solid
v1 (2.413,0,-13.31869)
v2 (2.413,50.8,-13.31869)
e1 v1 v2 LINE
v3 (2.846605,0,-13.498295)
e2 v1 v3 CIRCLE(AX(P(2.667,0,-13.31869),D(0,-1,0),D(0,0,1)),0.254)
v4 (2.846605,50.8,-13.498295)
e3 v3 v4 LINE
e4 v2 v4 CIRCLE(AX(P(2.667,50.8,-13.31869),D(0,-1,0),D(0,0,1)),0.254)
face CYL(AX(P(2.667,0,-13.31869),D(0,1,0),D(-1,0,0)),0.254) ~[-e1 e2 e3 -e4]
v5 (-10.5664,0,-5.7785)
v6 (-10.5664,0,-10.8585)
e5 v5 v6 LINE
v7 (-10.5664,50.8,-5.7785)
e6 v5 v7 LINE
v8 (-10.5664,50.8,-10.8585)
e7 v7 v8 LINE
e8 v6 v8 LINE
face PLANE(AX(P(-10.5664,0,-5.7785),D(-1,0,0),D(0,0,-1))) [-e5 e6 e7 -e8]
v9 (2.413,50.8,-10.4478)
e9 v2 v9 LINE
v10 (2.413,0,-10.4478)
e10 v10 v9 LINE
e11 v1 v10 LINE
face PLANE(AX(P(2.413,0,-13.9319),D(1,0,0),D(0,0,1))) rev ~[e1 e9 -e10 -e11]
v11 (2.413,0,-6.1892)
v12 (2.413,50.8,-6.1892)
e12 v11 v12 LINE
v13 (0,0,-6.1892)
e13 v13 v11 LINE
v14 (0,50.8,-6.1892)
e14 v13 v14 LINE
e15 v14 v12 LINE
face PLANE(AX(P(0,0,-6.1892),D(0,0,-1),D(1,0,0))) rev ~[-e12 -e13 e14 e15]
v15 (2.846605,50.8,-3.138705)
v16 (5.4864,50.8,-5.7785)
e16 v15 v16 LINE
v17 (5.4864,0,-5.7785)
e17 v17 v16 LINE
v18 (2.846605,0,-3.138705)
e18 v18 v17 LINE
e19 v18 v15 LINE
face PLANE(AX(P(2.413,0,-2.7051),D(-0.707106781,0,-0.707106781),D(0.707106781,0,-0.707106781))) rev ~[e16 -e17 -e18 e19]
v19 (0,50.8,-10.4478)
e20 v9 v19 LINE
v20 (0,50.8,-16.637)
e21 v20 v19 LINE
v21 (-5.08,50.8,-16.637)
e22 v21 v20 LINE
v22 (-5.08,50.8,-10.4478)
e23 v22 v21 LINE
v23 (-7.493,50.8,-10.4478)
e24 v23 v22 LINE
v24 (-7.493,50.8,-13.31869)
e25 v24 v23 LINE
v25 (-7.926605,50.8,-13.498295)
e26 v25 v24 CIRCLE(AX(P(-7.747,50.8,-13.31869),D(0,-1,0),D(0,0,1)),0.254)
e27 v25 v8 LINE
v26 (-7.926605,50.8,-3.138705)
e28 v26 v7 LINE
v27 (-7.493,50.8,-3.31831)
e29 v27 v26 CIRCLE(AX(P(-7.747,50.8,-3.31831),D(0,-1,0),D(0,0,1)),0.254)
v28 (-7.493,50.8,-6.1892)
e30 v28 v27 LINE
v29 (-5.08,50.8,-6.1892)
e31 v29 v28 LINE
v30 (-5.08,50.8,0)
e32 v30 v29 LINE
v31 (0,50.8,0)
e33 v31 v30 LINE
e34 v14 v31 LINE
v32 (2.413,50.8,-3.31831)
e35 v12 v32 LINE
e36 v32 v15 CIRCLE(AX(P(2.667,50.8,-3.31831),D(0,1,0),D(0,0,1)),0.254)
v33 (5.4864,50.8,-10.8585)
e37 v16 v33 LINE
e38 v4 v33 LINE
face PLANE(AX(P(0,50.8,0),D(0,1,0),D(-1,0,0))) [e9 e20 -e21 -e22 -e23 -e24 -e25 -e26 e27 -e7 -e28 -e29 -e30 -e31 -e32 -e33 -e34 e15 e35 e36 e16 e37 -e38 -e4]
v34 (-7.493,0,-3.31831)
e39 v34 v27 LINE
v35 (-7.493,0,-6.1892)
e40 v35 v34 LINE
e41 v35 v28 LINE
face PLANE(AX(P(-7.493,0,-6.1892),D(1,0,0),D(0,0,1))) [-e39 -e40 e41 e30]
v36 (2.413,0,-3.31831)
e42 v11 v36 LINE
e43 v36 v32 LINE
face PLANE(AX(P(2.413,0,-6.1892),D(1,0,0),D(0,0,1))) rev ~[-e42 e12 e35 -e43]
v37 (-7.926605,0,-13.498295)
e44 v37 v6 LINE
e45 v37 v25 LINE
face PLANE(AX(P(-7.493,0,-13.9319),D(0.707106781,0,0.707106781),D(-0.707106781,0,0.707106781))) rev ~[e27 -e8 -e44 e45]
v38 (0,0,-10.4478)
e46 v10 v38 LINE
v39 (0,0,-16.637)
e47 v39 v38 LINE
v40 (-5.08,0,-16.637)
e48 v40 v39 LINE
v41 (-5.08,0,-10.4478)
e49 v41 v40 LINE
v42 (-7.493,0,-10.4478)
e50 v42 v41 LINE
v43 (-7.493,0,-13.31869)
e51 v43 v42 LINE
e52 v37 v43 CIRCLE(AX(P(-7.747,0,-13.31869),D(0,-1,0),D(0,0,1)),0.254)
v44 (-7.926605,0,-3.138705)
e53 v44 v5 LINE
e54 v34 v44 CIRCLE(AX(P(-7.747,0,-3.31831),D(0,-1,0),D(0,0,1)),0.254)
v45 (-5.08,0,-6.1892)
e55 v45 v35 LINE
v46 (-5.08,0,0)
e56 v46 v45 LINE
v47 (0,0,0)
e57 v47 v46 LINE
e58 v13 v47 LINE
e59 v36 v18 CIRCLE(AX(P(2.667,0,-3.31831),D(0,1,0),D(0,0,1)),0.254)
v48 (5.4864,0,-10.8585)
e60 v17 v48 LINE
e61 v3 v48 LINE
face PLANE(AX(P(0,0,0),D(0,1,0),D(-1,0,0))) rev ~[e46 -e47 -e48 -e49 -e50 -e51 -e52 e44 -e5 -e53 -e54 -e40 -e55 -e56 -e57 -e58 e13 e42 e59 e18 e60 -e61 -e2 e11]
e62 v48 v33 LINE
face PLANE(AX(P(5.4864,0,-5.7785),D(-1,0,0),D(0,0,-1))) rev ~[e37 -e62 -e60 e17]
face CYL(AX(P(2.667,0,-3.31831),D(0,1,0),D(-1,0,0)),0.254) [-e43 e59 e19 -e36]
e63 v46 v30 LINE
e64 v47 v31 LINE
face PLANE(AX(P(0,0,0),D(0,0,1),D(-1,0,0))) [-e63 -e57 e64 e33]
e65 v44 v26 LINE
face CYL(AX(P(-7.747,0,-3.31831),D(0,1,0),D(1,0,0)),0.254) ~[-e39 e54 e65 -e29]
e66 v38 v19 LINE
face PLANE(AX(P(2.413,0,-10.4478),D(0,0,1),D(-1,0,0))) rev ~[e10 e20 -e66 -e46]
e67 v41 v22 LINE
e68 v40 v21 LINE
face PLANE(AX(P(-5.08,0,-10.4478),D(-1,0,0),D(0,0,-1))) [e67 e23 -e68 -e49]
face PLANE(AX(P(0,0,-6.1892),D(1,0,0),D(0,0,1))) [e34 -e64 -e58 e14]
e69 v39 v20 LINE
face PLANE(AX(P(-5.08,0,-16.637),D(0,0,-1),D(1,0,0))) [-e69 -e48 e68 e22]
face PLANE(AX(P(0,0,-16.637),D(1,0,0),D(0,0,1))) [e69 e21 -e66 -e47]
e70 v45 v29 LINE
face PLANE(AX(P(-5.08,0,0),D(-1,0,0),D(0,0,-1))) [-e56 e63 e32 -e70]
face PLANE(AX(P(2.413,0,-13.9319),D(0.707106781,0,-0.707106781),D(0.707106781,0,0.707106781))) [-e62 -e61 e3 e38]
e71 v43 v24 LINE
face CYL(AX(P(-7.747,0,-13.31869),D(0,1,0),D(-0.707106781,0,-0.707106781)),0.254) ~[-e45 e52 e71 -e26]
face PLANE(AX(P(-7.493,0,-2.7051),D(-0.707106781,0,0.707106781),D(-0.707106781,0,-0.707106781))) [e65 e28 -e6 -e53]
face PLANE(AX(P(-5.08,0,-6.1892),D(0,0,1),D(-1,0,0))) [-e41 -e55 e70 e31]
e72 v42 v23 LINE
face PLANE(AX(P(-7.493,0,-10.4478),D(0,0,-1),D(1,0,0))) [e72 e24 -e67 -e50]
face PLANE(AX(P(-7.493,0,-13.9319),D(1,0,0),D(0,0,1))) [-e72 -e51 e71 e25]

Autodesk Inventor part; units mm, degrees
ref_plane "YZ Plane" through (0, 0, 0) normal (1, 0, 0) x (0, 1, 0)
ref_plane "XZ Plane" through (0, 0, 0) normal (0, 1, 0) x (-1, 0, 0)
ref_plane "XY Plane" through (0, 0, 0) normal (0, 0, 1) x (1, 0, 0)
sketch "Sketch1" plane through (0, 0, 0) normal (0, 1, 0) x (-1, 0, 0)
  line L0 (0, 0) -> (5.08, 0)
  line L1 (5.08, 0) -> (5.08, -16.637)
  line L2 (5.08, -16.637) -> (0, -16.637)
  line L3 (0, -16.637) -> (0, 0)
  line L4 (0, -6.1892) -> (7.493, -6.1892)
  line L5 (7.493, -6.1892) -> (7.493, -10.4478)
  line L6 (7.493, -10.4478) -> (0, -10.4478)
  line L7 (10.5664, -5.7785) -> (10.5664, -10.8585)
  line L8 (7.493, -13.9319) -> (7.493, -2.7051)
  line L9 (7.493, -13.9319) -> (10.5664, -10.8585)
  line L10 (7.493, -2.7051) -> (10.5664, -5.7785)
  line L11 (0, -6.1892) -> (-2.413, -6.1892)
  line L12 (-2.413, -10.4478) -> (0, -10.4478)
  line L13 (-5.4864, -5.7785) -> (-5.4864, -10.8585)
  line L14 (-2.413, -13.9319) -> (-2.413, -2.7051)
  line L15 (-2.413, -13.9319) -> (-5.4864, -10.8585)
  line L16 (-2.413, -2.7051) -> (-5.4864, -5.7785)
  point P0 (-4.9276, -6.1892)
  dimension "d0" = 5.08
  dimension "d1" = 16.637
  dimension "d2" = 2.413
  dimension "d9" = 3.0734
  dimension "d12" = 0
  dimension "d16" = 11.2268
  dimension "d20" = 135
  dimension "d21" = 135
  dimension "d24" = 6.1893
  dimension "d25" = 16.637
  dimension "d26" = 3.4842
  dimension "d33" = 3.4842
  dimension "d34" = 3.0734
  dimension "d35" = 2.413
  dimension "d36" = 6.1893
  dimension "d37" = 5.08
  dimension "d38" = 5.08
  dimension "d39" = 135
  dimension "d40" = 135
extrude "Extrusion2" add sketch "Sketch1" along normal blind 50.8
fillet "Fillet1" radius 0.254 4 edges at (2.413, 25.4, -13.9319) (-7.493, 25.4, -13.9319) (2.413, 25.4, -2.7051) (-7.493, 25.4, -2.7051)
equation "\"d16\" = d15"
equation "\"d21\" = d20"
equation "\"d24\" = -0.5 * d4 + 0.5 * d25"
equation "\"d15\" = 11.2268"
equation "\"d4\" = 4.2585"
properties part number "20X20 lift conecter" material "PC/ABS Plastic"
